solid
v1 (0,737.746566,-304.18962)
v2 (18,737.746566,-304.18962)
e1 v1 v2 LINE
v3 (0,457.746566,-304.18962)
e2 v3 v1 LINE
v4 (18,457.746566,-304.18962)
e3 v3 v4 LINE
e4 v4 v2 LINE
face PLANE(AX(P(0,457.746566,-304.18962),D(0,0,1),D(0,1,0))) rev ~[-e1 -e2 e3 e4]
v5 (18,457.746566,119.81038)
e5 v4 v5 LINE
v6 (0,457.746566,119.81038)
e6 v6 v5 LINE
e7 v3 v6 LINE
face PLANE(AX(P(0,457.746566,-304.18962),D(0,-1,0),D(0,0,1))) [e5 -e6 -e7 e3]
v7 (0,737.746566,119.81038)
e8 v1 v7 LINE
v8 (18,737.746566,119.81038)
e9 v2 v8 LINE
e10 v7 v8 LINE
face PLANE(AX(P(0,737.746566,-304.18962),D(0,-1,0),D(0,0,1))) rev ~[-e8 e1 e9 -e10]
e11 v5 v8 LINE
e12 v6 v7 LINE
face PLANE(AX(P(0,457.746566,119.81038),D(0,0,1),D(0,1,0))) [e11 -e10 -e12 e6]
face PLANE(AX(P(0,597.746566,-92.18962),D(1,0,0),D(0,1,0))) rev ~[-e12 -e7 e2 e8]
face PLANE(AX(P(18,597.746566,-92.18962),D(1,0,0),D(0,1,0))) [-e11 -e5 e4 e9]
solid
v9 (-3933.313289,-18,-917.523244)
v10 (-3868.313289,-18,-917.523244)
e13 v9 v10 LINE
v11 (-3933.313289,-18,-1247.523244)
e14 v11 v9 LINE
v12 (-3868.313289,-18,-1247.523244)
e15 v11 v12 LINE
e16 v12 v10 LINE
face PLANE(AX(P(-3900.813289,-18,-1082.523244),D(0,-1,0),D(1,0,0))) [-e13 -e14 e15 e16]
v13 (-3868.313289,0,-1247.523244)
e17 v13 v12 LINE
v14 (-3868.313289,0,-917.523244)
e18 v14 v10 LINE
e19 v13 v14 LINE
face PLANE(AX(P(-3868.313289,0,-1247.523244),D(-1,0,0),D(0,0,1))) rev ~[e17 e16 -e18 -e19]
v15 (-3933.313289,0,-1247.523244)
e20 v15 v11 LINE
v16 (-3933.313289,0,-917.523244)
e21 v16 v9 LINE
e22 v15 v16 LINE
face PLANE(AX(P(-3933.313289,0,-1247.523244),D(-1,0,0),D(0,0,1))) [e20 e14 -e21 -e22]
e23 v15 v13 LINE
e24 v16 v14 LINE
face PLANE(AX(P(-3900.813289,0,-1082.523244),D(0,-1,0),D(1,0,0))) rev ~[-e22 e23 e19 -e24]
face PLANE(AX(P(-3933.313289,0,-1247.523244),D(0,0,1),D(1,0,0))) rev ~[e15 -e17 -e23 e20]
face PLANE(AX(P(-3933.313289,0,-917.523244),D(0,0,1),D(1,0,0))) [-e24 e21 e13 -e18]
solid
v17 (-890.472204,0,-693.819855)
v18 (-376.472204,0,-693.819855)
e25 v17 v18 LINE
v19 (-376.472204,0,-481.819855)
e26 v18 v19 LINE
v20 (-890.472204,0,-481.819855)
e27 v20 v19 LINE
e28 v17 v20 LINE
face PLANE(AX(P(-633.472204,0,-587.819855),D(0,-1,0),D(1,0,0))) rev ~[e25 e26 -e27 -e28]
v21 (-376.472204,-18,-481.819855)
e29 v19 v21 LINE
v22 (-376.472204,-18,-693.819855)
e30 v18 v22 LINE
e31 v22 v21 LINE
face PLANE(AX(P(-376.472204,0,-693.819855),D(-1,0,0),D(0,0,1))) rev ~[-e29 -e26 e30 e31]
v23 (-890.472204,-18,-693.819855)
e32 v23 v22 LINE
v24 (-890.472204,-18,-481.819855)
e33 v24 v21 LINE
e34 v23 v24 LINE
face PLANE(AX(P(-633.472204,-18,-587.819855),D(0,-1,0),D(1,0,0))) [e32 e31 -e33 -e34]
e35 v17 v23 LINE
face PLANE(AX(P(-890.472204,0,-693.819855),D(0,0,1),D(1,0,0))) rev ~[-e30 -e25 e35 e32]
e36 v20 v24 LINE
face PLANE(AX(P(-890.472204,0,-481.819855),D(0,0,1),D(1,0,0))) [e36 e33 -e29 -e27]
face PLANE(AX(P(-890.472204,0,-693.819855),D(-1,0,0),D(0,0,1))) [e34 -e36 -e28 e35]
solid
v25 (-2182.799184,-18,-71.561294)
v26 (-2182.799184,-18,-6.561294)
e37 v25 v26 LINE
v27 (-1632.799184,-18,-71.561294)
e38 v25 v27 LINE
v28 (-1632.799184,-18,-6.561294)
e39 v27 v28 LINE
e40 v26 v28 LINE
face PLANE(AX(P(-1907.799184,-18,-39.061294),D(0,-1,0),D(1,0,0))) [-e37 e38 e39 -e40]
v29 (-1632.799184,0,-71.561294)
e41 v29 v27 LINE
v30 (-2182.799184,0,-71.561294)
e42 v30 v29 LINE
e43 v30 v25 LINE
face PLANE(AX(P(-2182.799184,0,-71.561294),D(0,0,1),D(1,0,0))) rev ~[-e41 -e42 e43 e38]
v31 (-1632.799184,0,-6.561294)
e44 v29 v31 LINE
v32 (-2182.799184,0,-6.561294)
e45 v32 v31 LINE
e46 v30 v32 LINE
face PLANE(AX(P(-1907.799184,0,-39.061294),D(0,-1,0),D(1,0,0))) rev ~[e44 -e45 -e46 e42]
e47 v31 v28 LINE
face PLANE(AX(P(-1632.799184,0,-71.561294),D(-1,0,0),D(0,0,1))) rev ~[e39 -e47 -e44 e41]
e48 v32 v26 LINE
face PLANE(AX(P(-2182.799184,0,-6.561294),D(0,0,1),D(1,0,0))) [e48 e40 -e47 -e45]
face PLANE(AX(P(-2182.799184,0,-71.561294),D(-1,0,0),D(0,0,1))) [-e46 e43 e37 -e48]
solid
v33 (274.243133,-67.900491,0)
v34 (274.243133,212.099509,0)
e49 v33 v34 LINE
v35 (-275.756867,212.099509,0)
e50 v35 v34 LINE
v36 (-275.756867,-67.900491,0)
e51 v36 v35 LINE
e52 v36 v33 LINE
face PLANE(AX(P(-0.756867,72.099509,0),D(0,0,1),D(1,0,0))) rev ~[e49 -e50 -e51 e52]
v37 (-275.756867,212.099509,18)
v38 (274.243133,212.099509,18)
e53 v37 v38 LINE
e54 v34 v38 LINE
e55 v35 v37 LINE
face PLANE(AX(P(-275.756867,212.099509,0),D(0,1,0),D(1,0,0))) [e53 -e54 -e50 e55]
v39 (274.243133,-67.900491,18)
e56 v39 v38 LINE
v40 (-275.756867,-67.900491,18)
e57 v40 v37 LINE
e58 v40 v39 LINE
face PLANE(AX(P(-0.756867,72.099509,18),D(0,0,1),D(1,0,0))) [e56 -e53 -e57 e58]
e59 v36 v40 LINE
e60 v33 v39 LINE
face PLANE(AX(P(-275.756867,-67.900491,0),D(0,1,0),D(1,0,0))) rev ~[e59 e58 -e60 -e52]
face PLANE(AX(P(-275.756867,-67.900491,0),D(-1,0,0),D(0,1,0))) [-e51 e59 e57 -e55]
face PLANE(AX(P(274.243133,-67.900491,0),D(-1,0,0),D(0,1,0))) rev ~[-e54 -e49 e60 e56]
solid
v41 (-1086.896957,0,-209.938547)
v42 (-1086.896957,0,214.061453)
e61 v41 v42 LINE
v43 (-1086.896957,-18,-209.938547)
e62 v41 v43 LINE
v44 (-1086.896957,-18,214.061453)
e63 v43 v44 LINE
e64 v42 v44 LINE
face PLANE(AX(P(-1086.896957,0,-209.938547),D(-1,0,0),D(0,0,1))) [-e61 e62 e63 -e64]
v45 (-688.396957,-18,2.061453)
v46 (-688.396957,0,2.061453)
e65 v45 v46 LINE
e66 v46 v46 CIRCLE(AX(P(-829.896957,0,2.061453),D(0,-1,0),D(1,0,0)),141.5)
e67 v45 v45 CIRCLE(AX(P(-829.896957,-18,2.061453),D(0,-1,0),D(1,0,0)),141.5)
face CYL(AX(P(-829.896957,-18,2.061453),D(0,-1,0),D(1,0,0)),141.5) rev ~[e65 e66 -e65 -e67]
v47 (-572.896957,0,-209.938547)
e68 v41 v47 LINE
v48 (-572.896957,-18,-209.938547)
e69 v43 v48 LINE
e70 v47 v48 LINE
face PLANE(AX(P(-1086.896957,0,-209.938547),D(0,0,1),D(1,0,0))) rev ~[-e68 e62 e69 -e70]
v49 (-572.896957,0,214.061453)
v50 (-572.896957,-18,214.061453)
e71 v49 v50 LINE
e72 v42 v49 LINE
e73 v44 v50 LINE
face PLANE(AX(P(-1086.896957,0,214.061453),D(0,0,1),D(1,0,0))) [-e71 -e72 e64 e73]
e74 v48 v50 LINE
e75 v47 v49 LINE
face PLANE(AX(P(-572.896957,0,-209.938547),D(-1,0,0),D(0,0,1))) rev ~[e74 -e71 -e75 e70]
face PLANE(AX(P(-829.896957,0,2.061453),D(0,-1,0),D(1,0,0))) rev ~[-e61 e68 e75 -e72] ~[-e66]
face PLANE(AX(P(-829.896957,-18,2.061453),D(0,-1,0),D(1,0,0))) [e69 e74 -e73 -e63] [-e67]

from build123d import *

# Parameters (mm, degrees)
F0_W      = 550
F0_H      = 280
F1_DEPTH  = 18
F2_W      = 280
F2_H      = 424
F3_DEPTH  = 18
F4_W      = 514
F4_H      = 424
F5_DEPTH  = 18
F6_R      = 141.5
F7_DEPTH  = 755.747566
F8_W      = 514
F8_H      = 212
F9_DEPTH  = 18
F10_W     = 550
F10_H     = 65
F11_DEPTH = 18
F12_W     = 65
F12_H     = 330
F13_DEPTH = 18


with BuildPart() as f1:
    # F0 (on Top) → F1 (new body)
    with BuildSketch(Plane.XY):
        with Locations((-0.756867, 72.099509)):
            Rectangle(F0_W, F0_H)
    extrude(amount=F1_DEPTH)


with BuildPart() as f3:
    # F2 (on Right) → F3 (new body)
    with BuildSketch(Plane.YZ):
        with Locations((597.746566, -92.18962)):
            Rectangle(F2_W, F2_H)
    extrude(amount=F3_DEPTH)


with BuildPart() as f5:
    # F4 (on Front) → F5 (new body)
    with BuildSketch(Plane.XZ):
        with Locations((-829.896957, 2.061453)):
            Rectangle(F4_W, F4_H)
    extrude(amount=F5_DEPTH)

    # F6 (on face) → F7 (cut, through all)
    with BuildSketch(Plane.XZ.offset(18)):
        with Locations((-829.896957, 2.061453)):
            Circle(F6_R)
    extrude(amount=-F7_DEPTH, mode=Mode.SUBTRACT)


with BuildPart() as f9:
    # F8 (on Front) → F9 (new body)
    with BuildSketch(Plane.XZ):
        with Locations((-633.472204, -587.819855)):
            Rectangle(F8_W, F8_H)
    extrude(amount=F9_DEPTH)


with BuildPart() as f11:
    # F10 (on Front) → F11 (new body)
    with BuildSketch(Plane.XZ):
        with Locations((-1907.799184, -39.061294)):
            Rectangle(F10_W, F10_H)
    extrude(amount=F11_DEPTH)


with BuildPart() as f13:
    # F12 (on Front) → F13 (new body)
    with BuildSketch(Plane.XZ):
        with Locations((-3900.813289, -1082.523244)):
            Rectangle(F12_W, F12_H)
    extrude(amount=F13_DEPTH)


solid = Compound([f1.part, f3.part, f5.part, f9.part, f11.part, f13.part])
